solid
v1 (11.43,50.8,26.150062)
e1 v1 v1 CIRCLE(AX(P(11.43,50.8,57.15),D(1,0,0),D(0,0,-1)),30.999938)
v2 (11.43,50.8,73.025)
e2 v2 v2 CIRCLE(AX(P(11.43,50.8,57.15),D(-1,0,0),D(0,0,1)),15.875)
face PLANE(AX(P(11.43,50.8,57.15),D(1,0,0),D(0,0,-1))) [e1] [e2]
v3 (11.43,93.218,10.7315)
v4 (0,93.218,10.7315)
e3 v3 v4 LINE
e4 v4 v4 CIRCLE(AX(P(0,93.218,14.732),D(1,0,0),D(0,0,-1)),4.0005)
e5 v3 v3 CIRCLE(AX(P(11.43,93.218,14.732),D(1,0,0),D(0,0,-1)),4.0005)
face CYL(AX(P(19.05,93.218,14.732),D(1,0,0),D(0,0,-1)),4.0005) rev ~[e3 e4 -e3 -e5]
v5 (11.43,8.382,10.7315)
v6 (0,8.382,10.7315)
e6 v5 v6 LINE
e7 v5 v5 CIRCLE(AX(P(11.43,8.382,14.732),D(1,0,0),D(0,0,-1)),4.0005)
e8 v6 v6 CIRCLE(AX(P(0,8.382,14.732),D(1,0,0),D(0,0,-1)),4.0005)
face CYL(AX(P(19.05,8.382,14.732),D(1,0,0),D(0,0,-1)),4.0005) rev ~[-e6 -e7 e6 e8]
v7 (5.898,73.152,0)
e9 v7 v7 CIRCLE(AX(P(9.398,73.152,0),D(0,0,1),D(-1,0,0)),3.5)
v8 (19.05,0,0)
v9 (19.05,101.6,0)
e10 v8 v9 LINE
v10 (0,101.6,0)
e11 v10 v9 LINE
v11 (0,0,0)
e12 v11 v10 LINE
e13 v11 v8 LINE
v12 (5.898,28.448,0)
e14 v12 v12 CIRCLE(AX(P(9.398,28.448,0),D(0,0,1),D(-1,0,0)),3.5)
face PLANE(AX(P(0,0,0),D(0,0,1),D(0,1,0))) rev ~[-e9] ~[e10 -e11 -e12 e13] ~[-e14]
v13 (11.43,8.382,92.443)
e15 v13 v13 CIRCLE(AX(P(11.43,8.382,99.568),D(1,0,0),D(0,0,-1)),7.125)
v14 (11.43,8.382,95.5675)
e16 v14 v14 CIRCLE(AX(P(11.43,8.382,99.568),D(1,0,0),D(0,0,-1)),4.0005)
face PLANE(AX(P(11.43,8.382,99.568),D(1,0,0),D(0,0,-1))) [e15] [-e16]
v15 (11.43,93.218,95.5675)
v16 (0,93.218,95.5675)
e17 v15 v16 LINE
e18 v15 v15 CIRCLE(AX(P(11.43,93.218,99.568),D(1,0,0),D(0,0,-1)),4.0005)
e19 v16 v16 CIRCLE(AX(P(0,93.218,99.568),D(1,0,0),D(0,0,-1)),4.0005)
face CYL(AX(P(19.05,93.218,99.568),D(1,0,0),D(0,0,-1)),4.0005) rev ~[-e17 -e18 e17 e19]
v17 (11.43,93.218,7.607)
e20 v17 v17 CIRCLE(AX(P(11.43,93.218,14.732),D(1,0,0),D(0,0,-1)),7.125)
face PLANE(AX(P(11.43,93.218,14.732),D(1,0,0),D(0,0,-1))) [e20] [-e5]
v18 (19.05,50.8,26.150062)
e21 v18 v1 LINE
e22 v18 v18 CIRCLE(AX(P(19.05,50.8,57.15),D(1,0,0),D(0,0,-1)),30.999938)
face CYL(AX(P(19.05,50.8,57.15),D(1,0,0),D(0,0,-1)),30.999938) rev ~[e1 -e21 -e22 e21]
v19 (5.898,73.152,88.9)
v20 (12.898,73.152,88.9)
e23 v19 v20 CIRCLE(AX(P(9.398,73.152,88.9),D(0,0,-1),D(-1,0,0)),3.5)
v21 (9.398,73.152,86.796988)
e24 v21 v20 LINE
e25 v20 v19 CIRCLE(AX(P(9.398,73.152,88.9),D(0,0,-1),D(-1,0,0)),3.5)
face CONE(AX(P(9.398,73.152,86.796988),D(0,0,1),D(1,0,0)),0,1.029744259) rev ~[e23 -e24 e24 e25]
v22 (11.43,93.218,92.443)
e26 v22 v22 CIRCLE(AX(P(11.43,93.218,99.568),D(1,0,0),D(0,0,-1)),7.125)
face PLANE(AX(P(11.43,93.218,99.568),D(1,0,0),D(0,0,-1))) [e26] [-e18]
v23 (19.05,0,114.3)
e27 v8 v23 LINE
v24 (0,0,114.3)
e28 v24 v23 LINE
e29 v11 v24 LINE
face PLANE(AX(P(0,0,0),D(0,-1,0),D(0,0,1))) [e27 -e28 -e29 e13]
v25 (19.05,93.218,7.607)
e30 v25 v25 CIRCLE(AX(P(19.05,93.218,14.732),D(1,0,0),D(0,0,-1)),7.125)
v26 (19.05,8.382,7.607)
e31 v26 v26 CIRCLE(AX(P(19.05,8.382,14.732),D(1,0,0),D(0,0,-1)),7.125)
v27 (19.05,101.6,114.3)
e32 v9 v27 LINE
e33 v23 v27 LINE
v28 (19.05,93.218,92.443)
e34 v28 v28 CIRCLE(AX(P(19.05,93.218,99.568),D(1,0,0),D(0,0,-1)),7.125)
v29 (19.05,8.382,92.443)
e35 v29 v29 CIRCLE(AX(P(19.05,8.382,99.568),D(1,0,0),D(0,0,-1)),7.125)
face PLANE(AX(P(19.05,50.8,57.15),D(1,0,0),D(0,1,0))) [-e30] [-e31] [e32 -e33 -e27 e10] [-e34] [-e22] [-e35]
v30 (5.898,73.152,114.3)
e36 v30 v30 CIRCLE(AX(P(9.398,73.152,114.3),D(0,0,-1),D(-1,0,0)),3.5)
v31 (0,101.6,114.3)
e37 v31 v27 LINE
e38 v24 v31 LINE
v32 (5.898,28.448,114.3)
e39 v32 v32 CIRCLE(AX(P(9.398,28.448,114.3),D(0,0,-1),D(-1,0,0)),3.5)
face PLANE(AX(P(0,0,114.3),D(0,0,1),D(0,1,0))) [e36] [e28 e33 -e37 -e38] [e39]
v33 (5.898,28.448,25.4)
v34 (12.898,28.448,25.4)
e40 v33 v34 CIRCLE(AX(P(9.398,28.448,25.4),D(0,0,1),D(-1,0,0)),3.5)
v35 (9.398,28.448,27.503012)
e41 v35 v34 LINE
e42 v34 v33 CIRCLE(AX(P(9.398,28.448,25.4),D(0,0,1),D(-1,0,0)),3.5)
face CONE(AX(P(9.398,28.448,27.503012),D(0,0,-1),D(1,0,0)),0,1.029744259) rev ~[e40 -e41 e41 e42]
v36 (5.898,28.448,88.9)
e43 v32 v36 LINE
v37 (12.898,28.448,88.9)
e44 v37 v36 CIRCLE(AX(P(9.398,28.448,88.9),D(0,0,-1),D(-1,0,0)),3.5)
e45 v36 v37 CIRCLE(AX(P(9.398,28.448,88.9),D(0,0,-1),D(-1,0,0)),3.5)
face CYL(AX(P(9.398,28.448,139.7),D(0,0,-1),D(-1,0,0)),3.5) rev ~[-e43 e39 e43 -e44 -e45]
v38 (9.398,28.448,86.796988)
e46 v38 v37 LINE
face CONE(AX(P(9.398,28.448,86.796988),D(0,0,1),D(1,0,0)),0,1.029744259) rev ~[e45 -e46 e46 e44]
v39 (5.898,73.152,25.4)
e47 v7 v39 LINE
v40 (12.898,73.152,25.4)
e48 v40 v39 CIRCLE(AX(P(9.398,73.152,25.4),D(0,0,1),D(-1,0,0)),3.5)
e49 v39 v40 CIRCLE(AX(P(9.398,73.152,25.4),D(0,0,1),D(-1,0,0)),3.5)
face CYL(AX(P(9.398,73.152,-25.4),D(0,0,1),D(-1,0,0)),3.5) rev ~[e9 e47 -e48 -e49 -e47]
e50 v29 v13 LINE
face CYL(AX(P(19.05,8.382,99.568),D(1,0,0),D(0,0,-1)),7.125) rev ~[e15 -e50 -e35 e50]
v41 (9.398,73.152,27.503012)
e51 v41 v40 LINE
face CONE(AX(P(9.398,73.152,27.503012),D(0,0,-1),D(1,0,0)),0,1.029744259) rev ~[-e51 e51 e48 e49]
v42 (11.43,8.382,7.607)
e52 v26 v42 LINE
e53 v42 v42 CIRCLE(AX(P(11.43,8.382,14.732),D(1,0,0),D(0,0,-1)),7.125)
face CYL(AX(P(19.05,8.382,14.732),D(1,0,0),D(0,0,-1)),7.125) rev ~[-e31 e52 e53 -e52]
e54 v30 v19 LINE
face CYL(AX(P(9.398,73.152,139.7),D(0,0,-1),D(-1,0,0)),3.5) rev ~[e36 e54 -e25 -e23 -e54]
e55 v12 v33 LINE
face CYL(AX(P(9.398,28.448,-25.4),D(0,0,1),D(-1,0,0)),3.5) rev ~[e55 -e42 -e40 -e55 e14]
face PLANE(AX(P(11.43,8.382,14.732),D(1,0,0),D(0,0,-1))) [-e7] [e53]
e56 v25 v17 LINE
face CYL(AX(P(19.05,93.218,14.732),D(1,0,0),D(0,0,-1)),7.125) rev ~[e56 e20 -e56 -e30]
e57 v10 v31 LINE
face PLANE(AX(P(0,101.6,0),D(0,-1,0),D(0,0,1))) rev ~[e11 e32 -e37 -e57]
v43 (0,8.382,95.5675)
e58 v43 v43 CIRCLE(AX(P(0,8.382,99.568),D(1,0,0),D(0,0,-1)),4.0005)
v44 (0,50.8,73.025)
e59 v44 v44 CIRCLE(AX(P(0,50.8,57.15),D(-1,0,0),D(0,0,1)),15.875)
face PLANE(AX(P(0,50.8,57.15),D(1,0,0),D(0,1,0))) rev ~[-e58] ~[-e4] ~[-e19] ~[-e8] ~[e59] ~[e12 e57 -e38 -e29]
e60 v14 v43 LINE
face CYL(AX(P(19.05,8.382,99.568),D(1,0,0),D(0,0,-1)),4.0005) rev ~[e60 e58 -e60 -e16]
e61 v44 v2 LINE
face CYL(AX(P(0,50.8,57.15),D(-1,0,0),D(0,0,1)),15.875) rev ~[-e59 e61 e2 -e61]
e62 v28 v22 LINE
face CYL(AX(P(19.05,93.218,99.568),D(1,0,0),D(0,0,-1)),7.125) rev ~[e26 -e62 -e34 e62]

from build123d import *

# Parameters (mm, degrees)
SKETCH1_W                       = 101.6
SKETCH1_H                       = 114.3
BOSS_EXTRUDE1_DEPTH             = 19.05
SKETCH2_R                       = 30.999938
CUT_EXTRUDE1_DEPTH              = 7.62
SKETCH4_R                       = 15.875
CUT_EXTRUDE2_DEPTH              = 155.110195964
SKETCH5_R                       = 4.0005
CUT_EXTRUDE4_DEPTH              = 155.110195964
SKETCH10_R                      = 7.12499972
CUT_EXTRUDE5_DEPTH              = 7.62
TAP_DRILL_FOR_M8X1_0_TAP2_D     = 7
TAP_DRILL_FOR_M8X1_0_TAP2_DEPTH = 25.4
TAP_DRILL_FOR_M8X1_0_TAP2_TIP   = 2.103012167
TAP_DRILL_FOR_M8X1_0_TAP3_D     = 7
TAP_DRILL_FOR_M8X1_0_TAP3_DEPTH = 25.4
TAP_DRILL_FOR_M8X1_0_TAP3_TIP   = 2.103012167


with BuildPart() as part:
    # Sketch1 → Boss-Extrude1 (new body)
    with BuildSketch(Plane.YZ):
        with Locations((50.8, 57.15)):
            Rectangle(SKETCH1_W, SKETCH1_H)
    extrude(amount=BOSS_EXTRUDE1_DEPTH)

    # Sketch2 → Cut-Extrude1 (cut)
    with BuildSketch(Plane.YZ.offset(19.05)):
        with Locations(Location((50.8, 57.15, 0), (0, 0, 270))):
            Circle(SKETCH2_R)
    extrude(amount=-CUT_EXTRUDE1_DEPTH, mode=Mode.SUBTRACT)

    # Sketch4 → Cut-Extrude2 (cut, through all)
    with BuildSketch(Plane(origin=(0, 0, 0), x_dir=(0, -1, 0), z_dir=(-1, 0, 0))):
        with Locations(Location((-50.8, 57.15, 0), (0, 0, 90))):
            Circle(SKETCH4_R)
    extrude(amount=-CUT_EXTRUDE2_DEPTH, mode=Mode.SUBTRACT)

    # Sketch5 → Cut-Extrude4 (cut, through all)
    with BuildSketch(Plane.YZ.offset(19.05)):
        with Locations(Location((8.382, 99.568, 0), (0, 0, 270))):
            Circle(SKETCH5_R)
        with Locations(Location((93.218, 99.568, 0), (0, 0, 270))):
            Circle(SKETCH5_R)
        with Locations(Location((93.218, 14.732, 0), (0, 0, 270))):
            Circle(SKETCH5_R)
        with Locations(Location((8.382, 14.732, 0), (0, 0, 270))):
            Circle(SKETCH5_R)
    extrude(amount=-CUT_EXTRUDE4_DEPTH, mode=Mode.SUBTRACT)

    # Sketch10 → Cut-Extrude5 (cut)
    with BuildSketch(Plane.YZ.offset(19.05)):
        with Locations(Location((8.382, 99.568, 0), (0, 0, 270))):
            Circle(SKETCH10_R)
        with Locations(Location((93.218, 99.568, 0), (0, 0, 270))):
            Circle(SKETCH10_R)
        with Locations(Location((93.218, 14.732, 0), (0, 0, 270))):
            Circle(SKETCH10_R)
        with Locations(Location((8.382, 14.732, 0), (0, 0, 270))):
            Circle(SKETCH10_R)
    extrude(amount=-CUT_EXTRUDE5_DEPTH, mode=Mode.SUBTRACT)

    # Tap Drill for M8x1.0 Tap2
    with Locations(Plane.XY.offset(114.3)):
        with Locations((9.398, 73.152), (9.398, 28.448)):
            Hole(TAP_DRILL_FOR_M8X1_0_TAP2_D / 2, depth=TAP_DRILL_FOR_M8X1_0_TAP2_DEPTH)
            with Locations((0, 0, -(TAP_DRILL_FOR_M8X1_0_TAP2_DEPTH + TAP_DRILL_FOR_M8X1_0_TAP2_TIP / 2))):  # 118° drill point
                Cone(0, TAP_DRILL_FOR_M8X1_0_TAP2_D / 2, TAP_DRILL_FOR_M8X1_0_TAP2_TIP, mode=Mode.SUBTRACT)

    # Tap Drill for M8x1.0 Tap3
    with Locations(Plane(origin=(0, 0, 0), x_dir=(1, 0, 0), z_dir=(0, 0, -1))):
        with Locations((9.398, -73.152), (9.398, -28.448)):
            Hole(TAP_DRILL_FOR_M8X1_0_TAP3_D / 2, depth=TAP_DRILL_FOR_M8X1_0_TAP3_DEPTH)
            with Locations((0, 0, -(TAP_DRILL_FOR_M8X1_0_TAP3_DEPTH + TAP_DRILL_FOR_M8X1_0_TAP3_TIP / 2))):  # 118° drill point
                Cone(0, TAP_DRILL_FOR_M8X1_0_TAP3_D / 2, TAP_DRILL_FOR_M8X1_0_TAP3_TIP, mode=Mode.SUBTRACT)


solid = part.part
